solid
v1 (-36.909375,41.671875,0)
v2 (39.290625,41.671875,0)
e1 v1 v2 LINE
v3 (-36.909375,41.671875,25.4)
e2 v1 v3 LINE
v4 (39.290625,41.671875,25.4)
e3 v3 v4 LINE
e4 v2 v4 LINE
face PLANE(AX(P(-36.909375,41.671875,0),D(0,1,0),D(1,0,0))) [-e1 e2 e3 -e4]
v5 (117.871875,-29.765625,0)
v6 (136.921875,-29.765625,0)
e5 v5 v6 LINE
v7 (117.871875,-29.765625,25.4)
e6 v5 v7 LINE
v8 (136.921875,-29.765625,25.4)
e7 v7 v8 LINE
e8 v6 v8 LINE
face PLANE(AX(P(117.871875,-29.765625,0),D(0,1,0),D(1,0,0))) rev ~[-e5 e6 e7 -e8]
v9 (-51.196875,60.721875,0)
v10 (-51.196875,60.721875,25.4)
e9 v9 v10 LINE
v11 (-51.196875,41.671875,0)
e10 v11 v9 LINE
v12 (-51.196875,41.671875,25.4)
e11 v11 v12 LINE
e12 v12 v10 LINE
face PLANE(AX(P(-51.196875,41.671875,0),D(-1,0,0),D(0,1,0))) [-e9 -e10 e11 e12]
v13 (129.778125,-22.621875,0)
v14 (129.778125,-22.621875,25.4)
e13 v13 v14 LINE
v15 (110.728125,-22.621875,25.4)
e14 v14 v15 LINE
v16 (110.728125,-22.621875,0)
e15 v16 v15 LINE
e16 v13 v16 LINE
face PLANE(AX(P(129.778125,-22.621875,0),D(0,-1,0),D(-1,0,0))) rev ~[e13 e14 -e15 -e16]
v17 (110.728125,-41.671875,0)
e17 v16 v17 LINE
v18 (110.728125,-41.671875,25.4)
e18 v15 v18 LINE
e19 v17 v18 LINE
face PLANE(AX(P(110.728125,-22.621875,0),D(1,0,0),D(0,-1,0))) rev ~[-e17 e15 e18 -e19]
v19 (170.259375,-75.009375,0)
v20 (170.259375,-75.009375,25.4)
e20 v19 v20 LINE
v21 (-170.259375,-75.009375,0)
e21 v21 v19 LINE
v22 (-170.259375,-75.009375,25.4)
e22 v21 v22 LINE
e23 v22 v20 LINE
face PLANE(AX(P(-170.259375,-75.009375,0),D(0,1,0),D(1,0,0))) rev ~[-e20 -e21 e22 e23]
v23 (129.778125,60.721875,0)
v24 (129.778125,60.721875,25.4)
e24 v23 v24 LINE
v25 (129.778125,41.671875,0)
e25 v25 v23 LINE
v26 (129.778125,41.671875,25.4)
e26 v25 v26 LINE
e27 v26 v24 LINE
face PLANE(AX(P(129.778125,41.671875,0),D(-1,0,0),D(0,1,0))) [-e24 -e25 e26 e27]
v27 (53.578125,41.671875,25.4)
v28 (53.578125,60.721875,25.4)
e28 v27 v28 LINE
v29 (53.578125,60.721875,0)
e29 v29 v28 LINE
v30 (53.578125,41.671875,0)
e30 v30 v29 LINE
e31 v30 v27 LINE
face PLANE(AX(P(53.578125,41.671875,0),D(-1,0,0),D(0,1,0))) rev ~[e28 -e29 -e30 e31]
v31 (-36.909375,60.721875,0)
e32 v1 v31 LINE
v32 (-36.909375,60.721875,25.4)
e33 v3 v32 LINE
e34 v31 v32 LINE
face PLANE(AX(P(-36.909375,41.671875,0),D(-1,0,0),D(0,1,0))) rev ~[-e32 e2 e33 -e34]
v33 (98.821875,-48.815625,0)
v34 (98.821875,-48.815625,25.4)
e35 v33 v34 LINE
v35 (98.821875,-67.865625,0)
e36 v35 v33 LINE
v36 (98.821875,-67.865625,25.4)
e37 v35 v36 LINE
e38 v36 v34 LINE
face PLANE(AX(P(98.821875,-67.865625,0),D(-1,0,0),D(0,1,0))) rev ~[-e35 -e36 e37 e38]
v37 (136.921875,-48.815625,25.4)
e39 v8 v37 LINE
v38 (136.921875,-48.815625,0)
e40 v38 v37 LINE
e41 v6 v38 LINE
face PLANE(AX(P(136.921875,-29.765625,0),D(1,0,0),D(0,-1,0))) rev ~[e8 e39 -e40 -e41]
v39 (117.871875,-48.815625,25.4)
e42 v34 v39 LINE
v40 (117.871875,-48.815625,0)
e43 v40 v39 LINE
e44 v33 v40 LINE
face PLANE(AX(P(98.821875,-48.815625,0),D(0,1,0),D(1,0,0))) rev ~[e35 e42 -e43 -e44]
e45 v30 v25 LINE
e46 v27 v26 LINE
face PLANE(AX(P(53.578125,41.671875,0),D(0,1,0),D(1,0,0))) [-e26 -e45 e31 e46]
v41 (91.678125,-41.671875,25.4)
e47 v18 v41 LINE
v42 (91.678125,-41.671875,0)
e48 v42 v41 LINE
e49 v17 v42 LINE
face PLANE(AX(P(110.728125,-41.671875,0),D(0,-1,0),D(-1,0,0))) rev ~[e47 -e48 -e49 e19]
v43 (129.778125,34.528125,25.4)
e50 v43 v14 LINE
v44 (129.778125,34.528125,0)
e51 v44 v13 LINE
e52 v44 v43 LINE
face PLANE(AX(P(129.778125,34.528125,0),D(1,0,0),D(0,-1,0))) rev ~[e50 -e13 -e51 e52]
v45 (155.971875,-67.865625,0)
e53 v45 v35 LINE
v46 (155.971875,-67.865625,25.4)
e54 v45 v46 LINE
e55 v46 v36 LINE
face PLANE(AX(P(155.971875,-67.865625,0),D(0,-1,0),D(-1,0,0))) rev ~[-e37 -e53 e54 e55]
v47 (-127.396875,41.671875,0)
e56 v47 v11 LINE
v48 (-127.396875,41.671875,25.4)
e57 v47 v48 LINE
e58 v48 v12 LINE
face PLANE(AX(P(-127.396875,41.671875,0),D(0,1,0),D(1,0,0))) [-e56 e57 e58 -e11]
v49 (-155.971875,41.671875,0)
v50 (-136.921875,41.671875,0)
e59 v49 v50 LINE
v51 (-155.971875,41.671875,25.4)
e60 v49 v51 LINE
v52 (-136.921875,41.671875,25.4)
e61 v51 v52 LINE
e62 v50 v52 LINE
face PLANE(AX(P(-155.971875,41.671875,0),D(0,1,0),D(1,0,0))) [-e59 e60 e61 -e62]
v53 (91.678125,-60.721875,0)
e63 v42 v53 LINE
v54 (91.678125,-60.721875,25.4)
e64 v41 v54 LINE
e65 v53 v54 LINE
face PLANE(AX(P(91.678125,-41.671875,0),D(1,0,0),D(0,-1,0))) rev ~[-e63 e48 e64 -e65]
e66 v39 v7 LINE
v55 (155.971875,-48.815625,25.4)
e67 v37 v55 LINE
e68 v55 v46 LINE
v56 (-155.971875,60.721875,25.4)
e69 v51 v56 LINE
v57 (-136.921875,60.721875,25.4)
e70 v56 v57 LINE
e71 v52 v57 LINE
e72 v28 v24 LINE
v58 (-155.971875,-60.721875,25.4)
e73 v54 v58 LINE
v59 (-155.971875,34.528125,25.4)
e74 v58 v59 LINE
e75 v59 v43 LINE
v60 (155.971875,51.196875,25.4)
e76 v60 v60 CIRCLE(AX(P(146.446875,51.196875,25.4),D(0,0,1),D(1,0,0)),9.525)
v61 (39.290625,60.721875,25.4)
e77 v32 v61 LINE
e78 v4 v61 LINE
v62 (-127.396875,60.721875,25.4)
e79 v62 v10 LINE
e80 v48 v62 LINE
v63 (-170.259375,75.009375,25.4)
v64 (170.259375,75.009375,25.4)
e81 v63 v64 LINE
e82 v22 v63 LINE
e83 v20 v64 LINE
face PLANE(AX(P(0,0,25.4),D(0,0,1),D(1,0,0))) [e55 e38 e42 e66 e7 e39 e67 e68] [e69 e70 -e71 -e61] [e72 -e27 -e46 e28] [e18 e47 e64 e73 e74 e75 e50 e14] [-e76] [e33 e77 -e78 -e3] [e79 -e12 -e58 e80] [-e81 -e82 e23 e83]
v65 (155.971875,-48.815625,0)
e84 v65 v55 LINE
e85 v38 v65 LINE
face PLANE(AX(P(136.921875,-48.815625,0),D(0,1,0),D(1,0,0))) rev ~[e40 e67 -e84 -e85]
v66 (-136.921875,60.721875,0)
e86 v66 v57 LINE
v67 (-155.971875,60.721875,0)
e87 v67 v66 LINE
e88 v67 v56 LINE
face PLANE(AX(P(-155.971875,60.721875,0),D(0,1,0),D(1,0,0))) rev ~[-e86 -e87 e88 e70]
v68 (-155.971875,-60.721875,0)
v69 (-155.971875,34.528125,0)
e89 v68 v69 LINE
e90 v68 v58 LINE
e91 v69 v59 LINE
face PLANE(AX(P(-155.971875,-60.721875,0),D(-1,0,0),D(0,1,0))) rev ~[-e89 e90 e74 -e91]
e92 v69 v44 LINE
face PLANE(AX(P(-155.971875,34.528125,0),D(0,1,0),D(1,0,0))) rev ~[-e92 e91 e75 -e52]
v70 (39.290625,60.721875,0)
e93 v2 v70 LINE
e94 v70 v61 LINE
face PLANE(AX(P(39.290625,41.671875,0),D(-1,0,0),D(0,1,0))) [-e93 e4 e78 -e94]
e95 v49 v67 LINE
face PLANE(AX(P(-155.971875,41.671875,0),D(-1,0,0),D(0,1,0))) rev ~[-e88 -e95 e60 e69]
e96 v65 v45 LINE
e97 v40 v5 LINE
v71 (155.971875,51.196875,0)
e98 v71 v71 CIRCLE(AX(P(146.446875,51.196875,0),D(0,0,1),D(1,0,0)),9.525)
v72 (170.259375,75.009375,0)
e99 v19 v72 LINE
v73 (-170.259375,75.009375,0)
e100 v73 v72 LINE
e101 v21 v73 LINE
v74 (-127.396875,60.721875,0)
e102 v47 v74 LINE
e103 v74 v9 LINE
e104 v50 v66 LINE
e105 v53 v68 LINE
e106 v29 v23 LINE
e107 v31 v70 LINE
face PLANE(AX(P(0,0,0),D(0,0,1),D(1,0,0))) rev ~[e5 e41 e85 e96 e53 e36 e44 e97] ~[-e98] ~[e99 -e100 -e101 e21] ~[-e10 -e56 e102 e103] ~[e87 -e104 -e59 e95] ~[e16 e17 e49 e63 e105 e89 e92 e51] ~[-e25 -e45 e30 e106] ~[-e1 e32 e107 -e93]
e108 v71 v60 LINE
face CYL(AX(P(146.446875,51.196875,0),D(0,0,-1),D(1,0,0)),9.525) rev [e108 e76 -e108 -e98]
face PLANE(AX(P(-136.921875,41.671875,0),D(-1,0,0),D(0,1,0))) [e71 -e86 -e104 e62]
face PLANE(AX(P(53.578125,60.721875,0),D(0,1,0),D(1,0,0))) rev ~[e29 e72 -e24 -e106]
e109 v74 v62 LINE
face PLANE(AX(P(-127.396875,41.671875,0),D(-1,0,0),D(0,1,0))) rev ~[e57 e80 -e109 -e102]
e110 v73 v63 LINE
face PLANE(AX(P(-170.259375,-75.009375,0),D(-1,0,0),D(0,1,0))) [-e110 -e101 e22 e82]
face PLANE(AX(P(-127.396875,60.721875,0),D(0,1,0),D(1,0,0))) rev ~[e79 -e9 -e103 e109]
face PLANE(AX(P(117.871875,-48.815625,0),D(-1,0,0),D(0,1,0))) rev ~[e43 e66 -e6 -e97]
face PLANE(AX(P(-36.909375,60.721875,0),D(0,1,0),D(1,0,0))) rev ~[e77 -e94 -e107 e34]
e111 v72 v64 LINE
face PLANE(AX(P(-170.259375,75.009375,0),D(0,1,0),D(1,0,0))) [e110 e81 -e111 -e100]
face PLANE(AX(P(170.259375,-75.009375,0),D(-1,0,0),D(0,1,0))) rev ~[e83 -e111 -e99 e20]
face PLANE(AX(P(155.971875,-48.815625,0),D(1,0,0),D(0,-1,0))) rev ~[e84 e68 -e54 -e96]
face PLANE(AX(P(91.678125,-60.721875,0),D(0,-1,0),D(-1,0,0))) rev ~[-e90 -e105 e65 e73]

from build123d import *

# Parameters (mm, degrees)
SKETCH_W      = 340.51875
SKETCH_H      = 150.01875
SKETCH_R      = 9.525
SKETCH_W_2    = 19.05
SKETCH_H_2    = 19.05
SKETCH_W_3    = 76.2
EXTRUDE_DEPTH = 25.4


with BuildPart() as part:
    # Sketch → Extrude (new body)
    with BuildSketch(Plane.XY):
        Rectangle(SKETCH_W, SKETCH_H)
        with Locations((146.446875, 51.196875)):
            Circle(SKETCH_R, mode=Mode.SUBTRACT)
        with Locations((-146.446875, 51.196875)):
            Rectangle(SKETCH_W_2, SKETCH_H_2, mode=Mode.SUBTRACT)
        Polygon((155.971875, -67.865625), (98.821875, -67.865625), (98.821875, -48.815625), (117.871875, -48.815625), (117.871875, -29.765625), (136.921875, -29.765625), (136.921875, -48.815625), (155.971875, -48.815625), align=None, mode=Mode.SUBTRACT)
        Polygon((-155.971875, -60.721875), (-155.971875, 34.528125), (129.778125, 34.528125), (129.778125, -22.621875), (110.728125, -22.621875), (110.728125, -41.671875), (91.678125, -41.671875), (91.678125, -60.721875), align=None, mode=Mode.SUBTRACT)
        with Locations((91.678125, 51.196875)):
            Rectangle(SKETCH_W_3, SKETCH_H_2, mode=Mode.SUBTRACT)
        with Locations((1.190625, 51.196875)):
            Rectangle(SKETCH_W_3, SKETCH_H_2, mode=Mode.SUBTRACT)
        with Locations((-89.296875, 51.196875)):
            Rectangle(SKETCH_W_3, SKETCH_H_2, mode=Mode.SUBTRACT)
    extrude(amount=EXTRUDE_DEPTH)


solid = part.part
